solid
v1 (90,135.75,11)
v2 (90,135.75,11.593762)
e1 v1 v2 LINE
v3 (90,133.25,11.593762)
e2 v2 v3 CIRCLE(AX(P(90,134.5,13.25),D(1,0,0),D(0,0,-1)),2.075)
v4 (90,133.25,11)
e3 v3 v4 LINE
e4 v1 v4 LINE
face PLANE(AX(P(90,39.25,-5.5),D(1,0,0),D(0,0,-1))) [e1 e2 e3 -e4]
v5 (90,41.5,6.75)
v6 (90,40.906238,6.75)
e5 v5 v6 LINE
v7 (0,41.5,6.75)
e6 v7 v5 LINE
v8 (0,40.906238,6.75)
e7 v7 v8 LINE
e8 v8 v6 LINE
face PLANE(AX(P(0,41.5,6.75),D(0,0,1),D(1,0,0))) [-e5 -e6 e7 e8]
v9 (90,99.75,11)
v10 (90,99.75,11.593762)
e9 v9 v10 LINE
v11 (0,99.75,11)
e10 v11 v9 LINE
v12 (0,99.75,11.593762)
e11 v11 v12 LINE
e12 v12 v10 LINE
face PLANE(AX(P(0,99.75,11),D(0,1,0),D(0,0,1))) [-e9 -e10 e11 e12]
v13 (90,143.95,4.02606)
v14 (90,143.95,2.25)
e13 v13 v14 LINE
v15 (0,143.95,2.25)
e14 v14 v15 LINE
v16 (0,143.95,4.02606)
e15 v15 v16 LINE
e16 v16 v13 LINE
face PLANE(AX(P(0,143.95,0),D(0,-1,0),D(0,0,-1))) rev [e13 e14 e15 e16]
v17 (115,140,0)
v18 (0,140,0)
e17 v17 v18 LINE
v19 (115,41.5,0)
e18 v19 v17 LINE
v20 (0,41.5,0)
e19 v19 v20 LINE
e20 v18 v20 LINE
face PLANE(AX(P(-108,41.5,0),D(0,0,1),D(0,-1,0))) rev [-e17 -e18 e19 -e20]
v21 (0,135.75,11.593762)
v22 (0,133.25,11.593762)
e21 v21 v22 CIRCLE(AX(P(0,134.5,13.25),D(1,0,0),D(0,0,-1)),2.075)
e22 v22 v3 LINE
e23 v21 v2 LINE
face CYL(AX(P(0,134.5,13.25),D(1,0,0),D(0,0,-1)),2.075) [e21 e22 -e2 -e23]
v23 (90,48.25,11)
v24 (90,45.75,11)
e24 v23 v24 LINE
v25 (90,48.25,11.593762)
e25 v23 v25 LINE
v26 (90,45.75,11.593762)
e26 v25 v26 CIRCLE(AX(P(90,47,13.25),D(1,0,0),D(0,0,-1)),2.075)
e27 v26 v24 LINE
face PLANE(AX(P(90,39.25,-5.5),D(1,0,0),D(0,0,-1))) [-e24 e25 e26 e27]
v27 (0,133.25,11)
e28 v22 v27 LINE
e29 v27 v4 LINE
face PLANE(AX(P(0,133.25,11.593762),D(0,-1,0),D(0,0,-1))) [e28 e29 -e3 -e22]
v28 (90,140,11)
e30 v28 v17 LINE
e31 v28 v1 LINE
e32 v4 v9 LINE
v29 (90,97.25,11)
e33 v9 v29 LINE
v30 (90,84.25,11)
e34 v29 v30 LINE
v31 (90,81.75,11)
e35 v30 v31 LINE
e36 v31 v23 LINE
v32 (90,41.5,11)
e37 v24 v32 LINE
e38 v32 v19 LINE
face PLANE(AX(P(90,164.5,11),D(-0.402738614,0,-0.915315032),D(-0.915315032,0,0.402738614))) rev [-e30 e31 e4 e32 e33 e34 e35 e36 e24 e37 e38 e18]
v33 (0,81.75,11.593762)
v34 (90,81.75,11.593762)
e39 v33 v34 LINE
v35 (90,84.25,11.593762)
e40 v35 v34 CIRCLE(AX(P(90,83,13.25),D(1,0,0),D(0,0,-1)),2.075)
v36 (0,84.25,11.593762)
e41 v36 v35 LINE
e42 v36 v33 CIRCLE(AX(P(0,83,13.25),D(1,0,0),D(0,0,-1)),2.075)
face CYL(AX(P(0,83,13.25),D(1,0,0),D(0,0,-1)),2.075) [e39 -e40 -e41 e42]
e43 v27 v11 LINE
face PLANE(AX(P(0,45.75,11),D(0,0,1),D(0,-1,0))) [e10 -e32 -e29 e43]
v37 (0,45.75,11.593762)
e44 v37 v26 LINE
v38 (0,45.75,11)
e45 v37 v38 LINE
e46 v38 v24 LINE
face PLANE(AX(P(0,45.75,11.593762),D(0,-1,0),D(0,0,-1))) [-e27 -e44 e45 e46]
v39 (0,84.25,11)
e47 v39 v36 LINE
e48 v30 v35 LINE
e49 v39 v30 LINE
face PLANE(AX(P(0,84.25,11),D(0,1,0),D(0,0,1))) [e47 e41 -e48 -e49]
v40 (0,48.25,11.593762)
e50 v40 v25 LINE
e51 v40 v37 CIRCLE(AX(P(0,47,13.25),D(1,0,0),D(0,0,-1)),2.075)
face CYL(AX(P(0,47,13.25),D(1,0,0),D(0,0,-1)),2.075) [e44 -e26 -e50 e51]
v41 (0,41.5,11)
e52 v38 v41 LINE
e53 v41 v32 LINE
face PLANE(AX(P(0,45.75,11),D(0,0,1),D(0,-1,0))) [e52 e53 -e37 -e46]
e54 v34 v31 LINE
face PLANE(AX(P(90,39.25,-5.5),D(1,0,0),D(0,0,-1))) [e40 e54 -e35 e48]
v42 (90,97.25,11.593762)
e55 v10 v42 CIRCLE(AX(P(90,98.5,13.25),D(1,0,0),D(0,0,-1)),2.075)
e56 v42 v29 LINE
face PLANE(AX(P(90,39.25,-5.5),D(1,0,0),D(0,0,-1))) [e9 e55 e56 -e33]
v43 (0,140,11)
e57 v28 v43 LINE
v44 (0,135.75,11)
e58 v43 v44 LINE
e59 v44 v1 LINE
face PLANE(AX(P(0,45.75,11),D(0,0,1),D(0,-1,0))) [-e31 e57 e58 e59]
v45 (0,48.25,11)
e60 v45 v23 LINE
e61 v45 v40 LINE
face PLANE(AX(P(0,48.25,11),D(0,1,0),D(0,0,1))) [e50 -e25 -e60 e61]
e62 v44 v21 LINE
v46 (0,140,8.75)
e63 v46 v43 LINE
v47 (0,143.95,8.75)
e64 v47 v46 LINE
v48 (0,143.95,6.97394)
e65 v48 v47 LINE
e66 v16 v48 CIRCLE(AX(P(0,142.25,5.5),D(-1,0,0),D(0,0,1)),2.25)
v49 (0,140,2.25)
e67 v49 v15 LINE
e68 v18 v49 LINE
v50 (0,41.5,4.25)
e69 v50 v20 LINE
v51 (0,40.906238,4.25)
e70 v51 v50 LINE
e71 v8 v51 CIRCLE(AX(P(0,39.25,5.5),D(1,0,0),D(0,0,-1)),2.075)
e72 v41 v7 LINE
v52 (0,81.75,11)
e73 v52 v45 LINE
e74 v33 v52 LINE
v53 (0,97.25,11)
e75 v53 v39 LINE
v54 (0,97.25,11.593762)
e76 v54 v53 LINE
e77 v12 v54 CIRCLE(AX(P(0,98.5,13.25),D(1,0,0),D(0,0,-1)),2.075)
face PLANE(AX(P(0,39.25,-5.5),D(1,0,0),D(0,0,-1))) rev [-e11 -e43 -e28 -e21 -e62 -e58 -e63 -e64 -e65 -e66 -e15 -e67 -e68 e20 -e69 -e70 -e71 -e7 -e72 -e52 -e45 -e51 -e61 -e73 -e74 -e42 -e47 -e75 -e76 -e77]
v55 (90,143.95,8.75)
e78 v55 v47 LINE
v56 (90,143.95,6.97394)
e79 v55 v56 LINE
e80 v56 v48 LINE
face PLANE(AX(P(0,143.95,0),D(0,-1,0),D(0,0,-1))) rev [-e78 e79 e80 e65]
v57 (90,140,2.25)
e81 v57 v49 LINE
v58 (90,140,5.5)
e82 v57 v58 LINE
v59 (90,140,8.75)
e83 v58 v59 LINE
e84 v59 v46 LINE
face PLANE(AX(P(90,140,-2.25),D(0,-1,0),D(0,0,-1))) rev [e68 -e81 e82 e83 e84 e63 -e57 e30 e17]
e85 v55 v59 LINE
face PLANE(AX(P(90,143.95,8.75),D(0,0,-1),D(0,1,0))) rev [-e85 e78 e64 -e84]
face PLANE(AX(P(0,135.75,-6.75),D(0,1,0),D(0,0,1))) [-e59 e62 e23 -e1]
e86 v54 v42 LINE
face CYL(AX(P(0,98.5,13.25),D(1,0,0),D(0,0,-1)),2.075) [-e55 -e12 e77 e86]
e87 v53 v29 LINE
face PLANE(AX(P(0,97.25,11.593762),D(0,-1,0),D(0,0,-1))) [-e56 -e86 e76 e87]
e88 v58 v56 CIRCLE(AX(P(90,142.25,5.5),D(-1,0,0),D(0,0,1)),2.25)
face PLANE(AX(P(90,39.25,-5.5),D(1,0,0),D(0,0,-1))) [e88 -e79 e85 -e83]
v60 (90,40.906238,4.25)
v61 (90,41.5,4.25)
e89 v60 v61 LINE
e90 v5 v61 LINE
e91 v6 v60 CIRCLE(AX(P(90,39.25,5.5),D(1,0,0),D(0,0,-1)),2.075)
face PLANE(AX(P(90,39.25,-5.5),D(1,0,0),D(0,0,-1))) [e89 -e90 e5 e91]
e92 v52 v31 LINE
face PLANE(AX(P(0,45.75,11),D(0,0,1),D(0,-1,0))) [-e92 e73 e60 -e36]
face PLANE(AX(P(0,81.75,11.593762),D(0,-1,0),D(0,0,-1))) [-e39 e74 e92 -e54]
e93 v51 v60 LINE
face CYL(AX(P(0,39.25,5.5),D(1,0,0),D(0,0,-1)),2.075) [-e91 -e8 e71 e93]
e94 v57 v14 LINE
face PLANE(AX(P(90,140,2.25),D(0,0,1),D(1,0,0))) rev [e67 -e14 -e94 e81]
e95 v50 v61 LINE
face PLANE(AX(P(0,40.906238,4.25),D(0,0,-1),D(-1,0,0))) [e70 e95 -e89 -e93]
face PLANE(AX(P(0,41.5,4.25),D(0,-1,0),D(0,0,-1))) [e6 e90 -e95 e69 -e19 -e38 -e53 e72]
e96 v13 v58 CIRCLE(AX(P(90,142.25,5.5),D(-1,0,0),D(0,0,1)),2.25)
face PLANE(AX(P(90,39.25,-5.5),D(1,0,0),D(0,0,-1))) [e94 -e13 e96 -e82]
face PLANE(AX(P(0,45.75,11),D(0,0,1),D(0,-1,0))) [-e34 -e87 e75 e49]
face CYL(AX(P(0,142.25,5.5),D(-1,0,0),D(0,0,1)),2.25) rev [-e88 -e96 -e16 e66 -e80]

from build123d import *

# Parameters (mm, degrees)
EXTRUDE_1_DEPTH             = 90
SKETCH_2_W                  = 90
SKETCH_2_H                  = 17.75
EXTRUDE_2_DEPTH             = 8.2
SKETCH_3_W                  = 90
SKETCH_3_H                  = 102.45
EXTRUDE_3_DEPTH             = 8.2
SKETCH_4_W                  = 3.95
SKETCH_4_H                  = 2.25
CUT_EXTRUDE_1_DEPTH         = 171.45954982
SKETCH_5_W                  = 3.95
SKETCH_5_H                  = 29.5
CUT_EXTRUDE_2_DEPTH         = 171.45954982
SKETCH_6_W                  = 3.95
SKETCH_6_H                  = 9
CUT_EXTRUDE_3_DEPTH         = 171.45954982
SKETCH_7_W                  = 3.95
SKETCH_7_H                  = 29.5
CUT_EXTRUDE_4_DEPTH         = 171.45954982
SKETCH_8_W                  = 3.95
SKETCH_8_H                  = 6.2
CUT_EXTRUDE_5_DEPTH         = 171.45954982
SKETCH_9_W                  = 2.25
SKETCH_9_H                  = 3.95
CUT_EXTRUDE_6_DEPTH         = 171.45954982
SKETCH_10_W                 = 4.5
SKETCH_10_H                 = 3.95
CUT_EXTRUDE_7_DEPTH         = 171.45954982
SKETCH_11_W                 = 2.25
SKETCH_11_H                 = 3.95
CUT_EXTRUDE_8_DEPTH         = 171.45954982
SKETCH_12_W                 = 20.2
SKETCH_12_H                 = 96.7
CUT_EXTRUDE_9_DEPTH         = 86
HOLE_WIZARD_8_3_8_3_1_D     = 8.3
HOLE_WIZARD_8_3_8_3_1_DEPTH = 3.2
HOLE_WIZARD_4_5_4_5_1_D     = 4.5
HOLE_WIZARD_2_5_2_5_1_D     = 2.5
SKETCH_19_R                 = 4.5030807
EXTRUDE_4_DEPTH             = 3
SKETCH_20_R                 = 1.649948342
SKETCH_20_R_2               = 1.660581376
SKETCH_20_R_3               = 1.430745594
SKETCH_20_R_4               = 1.573250385
SKETCH_20_R_5               = 1.502029841
SKETCH_20_R_6               = 1.53795619
EXTRUDE_5_DEPTH             = 90
CUT_EXTRUDE_10_DEPTH        = 112
CUT_EXTRUDE_10_DEPTH_BACK   = 112
EXTRUDE_6_DEPTH             = 20
EXTRUDE_6_DEPTH_BACK        = 3
SKETCH_22_W                 = 10.1
SKETCH_22_H                 = 96.7
SKETCH_23_W                 = 66
SKETCH_23_H                 = 10.1
EXTRUDE_7_DEPTH             = 10
SKETCH_24_W                 = 66
SKETCH_24_H                 = 10.1
EXTRUDE_8_DEPTH             = 10
SKETCH_25_W                 = 10.1
SKETCH_25_H                 = 76.7
EXTRUDE_9_DEPTH             = 20
SKETCH_26_W                 = 11
SKETCH_26_H                 = 98.5
EXTRUDE_10_DEPTH            = 25
CUT_EXTRUDE_13_DEPTH        = 123
EXTRUDE_11_DEPTH            = 78
EXTRUDE_11_DEPTH_BACK       = 2
SKETCH_29_W                 = 46
SKETCH_29_H                 = 10.1


with BuildPart() as part:
    # Эскиз1 → Бобышка-Вытянуть1 (new body)
    with BuildSketch(Plane(origin=(90, 0, 0), x_dir=(0, 0, -1), z_dir=(1, 0, 0))):
        with BuildLine():
            Line((6.75, 40.906238208), (6.75, 135.75))
            Line((6.75, 135.75), (-11.593761792, 135.75))
            ThreePointArc((-11.593761792, 135.75), (-15.325, 134.5), (-11.593761793, 133.25))
            Line((-11.593761793, 133.25), (-11, 133.25))
            Line((-11, 133.25), (-11, 99.75))
            Line((-11, 99.75), (-11.593761792, 99.75))
            ThreePointArc((-11.593761792, 99.75), (-15.325, 98.5), (-11.593761792, 97.25))
            Line((-11.593761792, 97.25), (-11, 97.25))
            Line((-11, 97.25), (-11, 84.25))
            Line((-11, 84.25), (-11.593761792, 84.25))
            ThreePointArc((-11.593761792, 84.25), (-15.325, 83), (-11.593761792, 81.75))
            Line((-11.593761792, 81.75), (-11, 81.75))
            Line((-11, 81.75), (-11, 48.25))
            Line((-11, 48.25), (-11.593761792, 48.25))
            ThreePointArc((-11.593761792, 48.25), (-15.325, 47), (-11.593761792, 45.75))
            Line((-11.593761792, 45.75), (-11, 45.75))
            Line((-11, 45.75), (-11, 41.5))
            Line((-11, 41.5), (-6.75, 41.5))
            Line((-6.75, 41.5), (-6.75, 40.906238208))
            ThreePointArc((-6.75, 40.906238208), (-5.5, 37.175), (-4.25, 40.906238208))
            Line((-4.25, 40.906238208), (-4.25, 41.5))
            Line((-4.25, 41.5), (4.25, 41.5))
            Line((4.25, 41.5), (4.25, 40.906238208))
            ThreePointArc((4.25, 40.906238208), (5.5, 37.175), (6.75, 40.906238208))
        make_face()
    extrude(amount=-EXTRUDE_1_DEPTH)

    # Эскиз2 → Бобышка-Вытянуть2 (add)
    with BuildSketch(Plane(origin=(0, 135.75, 0), x_dir=(-1, 0, 0), z_dir=(0, 1, 0))):
        with Locations((-45, 2.125)):
            Rectangle(SKETCH_2_W, SKETCH_2_H)
    extrude(amount=EXTRUDE_2_DEPTH)

    # Эскиз3 → Бобышка-Вытянуть3 (add)
    with BuildSketch(Plane(origin=(0, 0, -6.75), x_dir=(-1, 0, 0), z_dir=(0, 0, -1))):
        with Locations((-45, 92.725)):
            Rectangle(SKETCH_3_W, SKETCH_3_H)
    extrude(amount=EXTRUDE_3_DEPTH)

    # Эскиз4 → Вырез-Вытянуть1 (cut, through all)
    with BuildSketch(Plane.ZY):
        with Locations((-12.975, 42.625)):
            Rectangle(SKETCH_4_W, SKETCH_4_H)
    extrude(amount=-CUT_EXTRUDE_1_DEPTH, mode=Mode.SUBTRACT)

    # Эскиз5 → Вырез-Вытянуть2 (cut, through all)
    with BuildSketch(Plane.ZY):
        with Locations((-12.975, 65)):
            Rectangle(SKETCH_5_W, SKETCH_5_H)
    extrude(amount=-CUT_EXTRUDE_2_DEPTH, mode=Mode.SUBTRACT)

    # Эскиз6 → Вырез-Вытянуть3 (cut, through all)
    with BuildSketch(Plane.ZY):
        with Locations((-12.975, 90.75)):
            Rectangle(SKETCH_6_W, SKETCH_6_H)
    extrude(amount=-CUT_EXTRUDE_3_DEPTH, mode=Mode.SUBTRACT)

    # Эскиз7 → Вырез-Вытянуть4 (cut, through all)
    with BuildSketch(Plane.ZY):
        with Locations((-12.975, 116.5)):
            Rectangle(SKETCH_7_W, SKETCH_7_H)
    extrude(amount=-CUT_EXTRUDE_4_DEPTH, mode=Mode.SUBTRACT)

    # Эскиз8 → Вырез-Вытянуть5 (cut, through all)
    with BuildSketch(Plane.ZY):
        with Locations((-12.975, 140.85)):
            Rectangle(SKETCH_8_W, SKETCH_8_H)
    extrude(amount=-CUT_EXTRUDE_5_DEPTH, mode=Mode.SUBTRACT)

    # Эскиз9 → Вырез-Вытянуть6 (cut, through all)
    with BuildSketch(Plane.ZY):
        with Locations((-9.875, 141.975)):
            Rectangle(SKETCH_9_W, SKETCH_9_H)
    extrude(amount=-CUT_EXTRUDE_6_DEPTH, mode=Mode.SUBTRACT)

    # Эскиз10 → Вырез-Вытянуть7 (cut, through all)
    with BuildSketch(Plane.ZY):
        with Locations((0, 141.975)):
            Rectangle(SKETCH_10_W, SKETCH_10_H)
    extrude(amount=-CUT_EXTRUDE_7_DEPTH, mode=Mode.SUBTRACT)

    # Эскиз11 → Вырез-Вытянуть8 (cut, through all)
    with BuildSketch(Plane.ZY):
        with Locations((9.875, 141.975)):
            Rectangle(SKETCH_11_W, SKETCH_11_H)
    extrude(amount=-CUT_EXTRUDE_8_DEPTH, mode=Mode.SUBTRACT)

    # Эскиз12 → Вырез-Вытянуть9 (cut)
    with BuildSketch(Plane(origin=(90, 0, 0), x_dir=(0, 0, -1), z_dir=(1, 0, 0))):
        with Locations((0, 90.75)):
            Rectangle(SKETCH_12_W, SKETCH_12_H)
    extrude(amount=-CUT_EXTRUDE_9_DEPTH, mode=Mode.SUBTRACT)

    # Диаметр отверстия Ø8.3 (8.3)1
    with Locations(Plane.ZY):
        with Locations((0, 90)):
            Hole(HOLE_WIZARD_8_3_8_3_1_D / 2, depth=HOLE_WIZARD_8_3_8_3_1_DEPTH)

    # Диаметр отверстия Ø4.5 (4.5)1 (through all)
    with Locations(Plane.ZY):
        with Locations((-13.25, 47), (-13.25, 83), (-13.25, 98.5), (-13.25, 134.5), (-5.5, 142.25), (5.5, 142.25)):
            Hole(HOLE_WIZARD_4_5_4_5_1_D / 2)

    # Диаметр отверстия Ø2.5 (2.5)1 (through all)
    with Locations(Plane(origin=(90, 0, 0), x_dir=(0, 0, -1), z_dir=(1, 0, 0))):
        with Locations((-13.25, 98.5), (-13.25, 134.5), (-13.25, 47), (-13.25, 83), (5.5, 39.25), (-5.5, 39.25)):
            Hole(HOLE_WIZARD_2_5_2_5_1_D / 2)

    # Эскиз19 → Бобышка-Вытянуть4 (add)
    with BuildSketch(Plane.ZY):
        with Locations((0, 90)):
            Circle(SKETCH_19_R)
    extrude(amount=-EXTRUDE_4_DEPTH)

    # Эскиз20 → Бобышка-Вытянуть5 (add)
    with BuildSketch(Plane(origin=(90, 0, 0), x_dir=(0, 0, -1), z_dir=(1, 0, 0))):
        with Locations((-13.25, 134.5)):
            Circle(SKETCH_20_R)
        with Locations((-13.25, 98.5)):
            Circle(SKETCH_20_R_2)
        with Locations((-13.25, 83)):
            Circle(SKETCH_20_R_3)
        with Locations((-13.25, 47)):
            Circle(SKETCH_20_R_4)
        with Locations((-5.5, 39.25)):
            Circle(SKETCH_20_R_5)
        with Locations((5.5, 39.25)):
            Circle(SKETCH_20_R_6)
    extrude(amount=-EXTRUDE_5_DEPTH)

    # Эскиз21 → Вырез-Вытянуть10 (cut, two sides: drawn at the far end of the back side and taken through both)
    with BuildSketch(Plane(origin=(4, 0, 0), x_dir=(0, 0, -1), z_dir=(1, 0, 0)).offset(-CUT_EXTRUDE_10_DEPTH_BACK)):
        Polygon((0, 140), (0, 41.5), (0, 35.614345614), (18.747428666, 35.614345614), (18.747428666, 145.957941917), (0, 145.957941917), align=None)
    extrude(amount=CUT_EXTRUDE_10_DEPTH + CUT_EXTRUDE_10_DEPTH_BACK, mode=Mode.SUBTRACT)

    # Эскиз22 → Бобышка-Вытянуть6 (add, two sides: drawn at the far end of the back side and taken through both)
    with BuildSketch(Plane(origin=(4, 0, 0), x_dir=(0, 0, -1), z_dir=(1, 0, 0)).offset(-EXTRUDE_6_DEPTH_BACK)):
        with Locations((-5.05, 90.75)):
            Rectangle(SKETCH_22_W, SKETCH_22_H)
    extrude(amount=EXTRUDE_6_DEPTH + EXTRUDE_6_DEPTH_BACK)

    # Эскиз23 → Бобышка-Вытянуть7 (add)
    with BuildSketch(Plane.XZ.offset(-139.1)):
        with Locations((57, 5.05)):
            Rectangle(SKETCH_23_W, SKETCH_23_H)
    extrude(amount=EXTRUDE_7_DEPTH)

    # Эскиз24 → Бобышка-Вытянуть8 (add)
    with BuildSketch(Plane(origin=(0, 42.4, 0), x_dir=(1, 0, 0), z_dir=(0, 1, 0))):
        with Locations((57, -5.05)):
            Rectangle(SKETCH_24_W, SKETCH_24_H)
    extrude(amount=EXTRUDE_8_DEPTH)

    # Эскиз25 → Бобышка-Вытянуть9 (add)
    with BuildSketch(Plane(origin=(90, 0, 0), x_dir=(0, 0, -1), z_dir=(1, 0, 0))):
        with Locations((-5.05, 90.75)):
            Rectangle(SKETCH_25_W, SKETCH_25_H)
    extrude(amount=-EXTRUDE_9_DEPTH)

    # Эскиз26 → Бобышка-Вытянуть10 (add)
    with BuildSketch(Plane(origin=(90, 0, 0), x_dir=(0, 0, -1), z_dir=(1, 0, 0))):
        with Locations((-5.5, 90.75)):
            Rectangle(SKETCH_26_W, SKETCH_26_H)
    extrude(amount=EXTRUDE_10_DEPTH)

    # Эскиз27 → Вырез-Вытянуть13 (cut)
    with BuildSketch(Plane.XZ.offset(-41.5)):
        Polygon((90, 11), (115, 0), (115, 11), align=None)
    extrude(amount=-CUT_EXTRUDE_13_DEPTH, mode=Mode.SUBTRACT)

    # Эскиз29 → Бобышка-Вытянуть11 (add, two sides: drawn at the far end of the back side and taken through both)
    with BuildSketch(Plane.XZ.offset(-129.1).offset(-EXTRUDE_11_DEPTH_BACK)):
        with Locations((47, 5.05)):
            Rectangle(SKETCH_29_W, SKETCH_29_H)
    extrude(amount=EXTRUDE_11_DEPTH + EXTRUDE_11_DEPTH_BACK)


solid = part.part
